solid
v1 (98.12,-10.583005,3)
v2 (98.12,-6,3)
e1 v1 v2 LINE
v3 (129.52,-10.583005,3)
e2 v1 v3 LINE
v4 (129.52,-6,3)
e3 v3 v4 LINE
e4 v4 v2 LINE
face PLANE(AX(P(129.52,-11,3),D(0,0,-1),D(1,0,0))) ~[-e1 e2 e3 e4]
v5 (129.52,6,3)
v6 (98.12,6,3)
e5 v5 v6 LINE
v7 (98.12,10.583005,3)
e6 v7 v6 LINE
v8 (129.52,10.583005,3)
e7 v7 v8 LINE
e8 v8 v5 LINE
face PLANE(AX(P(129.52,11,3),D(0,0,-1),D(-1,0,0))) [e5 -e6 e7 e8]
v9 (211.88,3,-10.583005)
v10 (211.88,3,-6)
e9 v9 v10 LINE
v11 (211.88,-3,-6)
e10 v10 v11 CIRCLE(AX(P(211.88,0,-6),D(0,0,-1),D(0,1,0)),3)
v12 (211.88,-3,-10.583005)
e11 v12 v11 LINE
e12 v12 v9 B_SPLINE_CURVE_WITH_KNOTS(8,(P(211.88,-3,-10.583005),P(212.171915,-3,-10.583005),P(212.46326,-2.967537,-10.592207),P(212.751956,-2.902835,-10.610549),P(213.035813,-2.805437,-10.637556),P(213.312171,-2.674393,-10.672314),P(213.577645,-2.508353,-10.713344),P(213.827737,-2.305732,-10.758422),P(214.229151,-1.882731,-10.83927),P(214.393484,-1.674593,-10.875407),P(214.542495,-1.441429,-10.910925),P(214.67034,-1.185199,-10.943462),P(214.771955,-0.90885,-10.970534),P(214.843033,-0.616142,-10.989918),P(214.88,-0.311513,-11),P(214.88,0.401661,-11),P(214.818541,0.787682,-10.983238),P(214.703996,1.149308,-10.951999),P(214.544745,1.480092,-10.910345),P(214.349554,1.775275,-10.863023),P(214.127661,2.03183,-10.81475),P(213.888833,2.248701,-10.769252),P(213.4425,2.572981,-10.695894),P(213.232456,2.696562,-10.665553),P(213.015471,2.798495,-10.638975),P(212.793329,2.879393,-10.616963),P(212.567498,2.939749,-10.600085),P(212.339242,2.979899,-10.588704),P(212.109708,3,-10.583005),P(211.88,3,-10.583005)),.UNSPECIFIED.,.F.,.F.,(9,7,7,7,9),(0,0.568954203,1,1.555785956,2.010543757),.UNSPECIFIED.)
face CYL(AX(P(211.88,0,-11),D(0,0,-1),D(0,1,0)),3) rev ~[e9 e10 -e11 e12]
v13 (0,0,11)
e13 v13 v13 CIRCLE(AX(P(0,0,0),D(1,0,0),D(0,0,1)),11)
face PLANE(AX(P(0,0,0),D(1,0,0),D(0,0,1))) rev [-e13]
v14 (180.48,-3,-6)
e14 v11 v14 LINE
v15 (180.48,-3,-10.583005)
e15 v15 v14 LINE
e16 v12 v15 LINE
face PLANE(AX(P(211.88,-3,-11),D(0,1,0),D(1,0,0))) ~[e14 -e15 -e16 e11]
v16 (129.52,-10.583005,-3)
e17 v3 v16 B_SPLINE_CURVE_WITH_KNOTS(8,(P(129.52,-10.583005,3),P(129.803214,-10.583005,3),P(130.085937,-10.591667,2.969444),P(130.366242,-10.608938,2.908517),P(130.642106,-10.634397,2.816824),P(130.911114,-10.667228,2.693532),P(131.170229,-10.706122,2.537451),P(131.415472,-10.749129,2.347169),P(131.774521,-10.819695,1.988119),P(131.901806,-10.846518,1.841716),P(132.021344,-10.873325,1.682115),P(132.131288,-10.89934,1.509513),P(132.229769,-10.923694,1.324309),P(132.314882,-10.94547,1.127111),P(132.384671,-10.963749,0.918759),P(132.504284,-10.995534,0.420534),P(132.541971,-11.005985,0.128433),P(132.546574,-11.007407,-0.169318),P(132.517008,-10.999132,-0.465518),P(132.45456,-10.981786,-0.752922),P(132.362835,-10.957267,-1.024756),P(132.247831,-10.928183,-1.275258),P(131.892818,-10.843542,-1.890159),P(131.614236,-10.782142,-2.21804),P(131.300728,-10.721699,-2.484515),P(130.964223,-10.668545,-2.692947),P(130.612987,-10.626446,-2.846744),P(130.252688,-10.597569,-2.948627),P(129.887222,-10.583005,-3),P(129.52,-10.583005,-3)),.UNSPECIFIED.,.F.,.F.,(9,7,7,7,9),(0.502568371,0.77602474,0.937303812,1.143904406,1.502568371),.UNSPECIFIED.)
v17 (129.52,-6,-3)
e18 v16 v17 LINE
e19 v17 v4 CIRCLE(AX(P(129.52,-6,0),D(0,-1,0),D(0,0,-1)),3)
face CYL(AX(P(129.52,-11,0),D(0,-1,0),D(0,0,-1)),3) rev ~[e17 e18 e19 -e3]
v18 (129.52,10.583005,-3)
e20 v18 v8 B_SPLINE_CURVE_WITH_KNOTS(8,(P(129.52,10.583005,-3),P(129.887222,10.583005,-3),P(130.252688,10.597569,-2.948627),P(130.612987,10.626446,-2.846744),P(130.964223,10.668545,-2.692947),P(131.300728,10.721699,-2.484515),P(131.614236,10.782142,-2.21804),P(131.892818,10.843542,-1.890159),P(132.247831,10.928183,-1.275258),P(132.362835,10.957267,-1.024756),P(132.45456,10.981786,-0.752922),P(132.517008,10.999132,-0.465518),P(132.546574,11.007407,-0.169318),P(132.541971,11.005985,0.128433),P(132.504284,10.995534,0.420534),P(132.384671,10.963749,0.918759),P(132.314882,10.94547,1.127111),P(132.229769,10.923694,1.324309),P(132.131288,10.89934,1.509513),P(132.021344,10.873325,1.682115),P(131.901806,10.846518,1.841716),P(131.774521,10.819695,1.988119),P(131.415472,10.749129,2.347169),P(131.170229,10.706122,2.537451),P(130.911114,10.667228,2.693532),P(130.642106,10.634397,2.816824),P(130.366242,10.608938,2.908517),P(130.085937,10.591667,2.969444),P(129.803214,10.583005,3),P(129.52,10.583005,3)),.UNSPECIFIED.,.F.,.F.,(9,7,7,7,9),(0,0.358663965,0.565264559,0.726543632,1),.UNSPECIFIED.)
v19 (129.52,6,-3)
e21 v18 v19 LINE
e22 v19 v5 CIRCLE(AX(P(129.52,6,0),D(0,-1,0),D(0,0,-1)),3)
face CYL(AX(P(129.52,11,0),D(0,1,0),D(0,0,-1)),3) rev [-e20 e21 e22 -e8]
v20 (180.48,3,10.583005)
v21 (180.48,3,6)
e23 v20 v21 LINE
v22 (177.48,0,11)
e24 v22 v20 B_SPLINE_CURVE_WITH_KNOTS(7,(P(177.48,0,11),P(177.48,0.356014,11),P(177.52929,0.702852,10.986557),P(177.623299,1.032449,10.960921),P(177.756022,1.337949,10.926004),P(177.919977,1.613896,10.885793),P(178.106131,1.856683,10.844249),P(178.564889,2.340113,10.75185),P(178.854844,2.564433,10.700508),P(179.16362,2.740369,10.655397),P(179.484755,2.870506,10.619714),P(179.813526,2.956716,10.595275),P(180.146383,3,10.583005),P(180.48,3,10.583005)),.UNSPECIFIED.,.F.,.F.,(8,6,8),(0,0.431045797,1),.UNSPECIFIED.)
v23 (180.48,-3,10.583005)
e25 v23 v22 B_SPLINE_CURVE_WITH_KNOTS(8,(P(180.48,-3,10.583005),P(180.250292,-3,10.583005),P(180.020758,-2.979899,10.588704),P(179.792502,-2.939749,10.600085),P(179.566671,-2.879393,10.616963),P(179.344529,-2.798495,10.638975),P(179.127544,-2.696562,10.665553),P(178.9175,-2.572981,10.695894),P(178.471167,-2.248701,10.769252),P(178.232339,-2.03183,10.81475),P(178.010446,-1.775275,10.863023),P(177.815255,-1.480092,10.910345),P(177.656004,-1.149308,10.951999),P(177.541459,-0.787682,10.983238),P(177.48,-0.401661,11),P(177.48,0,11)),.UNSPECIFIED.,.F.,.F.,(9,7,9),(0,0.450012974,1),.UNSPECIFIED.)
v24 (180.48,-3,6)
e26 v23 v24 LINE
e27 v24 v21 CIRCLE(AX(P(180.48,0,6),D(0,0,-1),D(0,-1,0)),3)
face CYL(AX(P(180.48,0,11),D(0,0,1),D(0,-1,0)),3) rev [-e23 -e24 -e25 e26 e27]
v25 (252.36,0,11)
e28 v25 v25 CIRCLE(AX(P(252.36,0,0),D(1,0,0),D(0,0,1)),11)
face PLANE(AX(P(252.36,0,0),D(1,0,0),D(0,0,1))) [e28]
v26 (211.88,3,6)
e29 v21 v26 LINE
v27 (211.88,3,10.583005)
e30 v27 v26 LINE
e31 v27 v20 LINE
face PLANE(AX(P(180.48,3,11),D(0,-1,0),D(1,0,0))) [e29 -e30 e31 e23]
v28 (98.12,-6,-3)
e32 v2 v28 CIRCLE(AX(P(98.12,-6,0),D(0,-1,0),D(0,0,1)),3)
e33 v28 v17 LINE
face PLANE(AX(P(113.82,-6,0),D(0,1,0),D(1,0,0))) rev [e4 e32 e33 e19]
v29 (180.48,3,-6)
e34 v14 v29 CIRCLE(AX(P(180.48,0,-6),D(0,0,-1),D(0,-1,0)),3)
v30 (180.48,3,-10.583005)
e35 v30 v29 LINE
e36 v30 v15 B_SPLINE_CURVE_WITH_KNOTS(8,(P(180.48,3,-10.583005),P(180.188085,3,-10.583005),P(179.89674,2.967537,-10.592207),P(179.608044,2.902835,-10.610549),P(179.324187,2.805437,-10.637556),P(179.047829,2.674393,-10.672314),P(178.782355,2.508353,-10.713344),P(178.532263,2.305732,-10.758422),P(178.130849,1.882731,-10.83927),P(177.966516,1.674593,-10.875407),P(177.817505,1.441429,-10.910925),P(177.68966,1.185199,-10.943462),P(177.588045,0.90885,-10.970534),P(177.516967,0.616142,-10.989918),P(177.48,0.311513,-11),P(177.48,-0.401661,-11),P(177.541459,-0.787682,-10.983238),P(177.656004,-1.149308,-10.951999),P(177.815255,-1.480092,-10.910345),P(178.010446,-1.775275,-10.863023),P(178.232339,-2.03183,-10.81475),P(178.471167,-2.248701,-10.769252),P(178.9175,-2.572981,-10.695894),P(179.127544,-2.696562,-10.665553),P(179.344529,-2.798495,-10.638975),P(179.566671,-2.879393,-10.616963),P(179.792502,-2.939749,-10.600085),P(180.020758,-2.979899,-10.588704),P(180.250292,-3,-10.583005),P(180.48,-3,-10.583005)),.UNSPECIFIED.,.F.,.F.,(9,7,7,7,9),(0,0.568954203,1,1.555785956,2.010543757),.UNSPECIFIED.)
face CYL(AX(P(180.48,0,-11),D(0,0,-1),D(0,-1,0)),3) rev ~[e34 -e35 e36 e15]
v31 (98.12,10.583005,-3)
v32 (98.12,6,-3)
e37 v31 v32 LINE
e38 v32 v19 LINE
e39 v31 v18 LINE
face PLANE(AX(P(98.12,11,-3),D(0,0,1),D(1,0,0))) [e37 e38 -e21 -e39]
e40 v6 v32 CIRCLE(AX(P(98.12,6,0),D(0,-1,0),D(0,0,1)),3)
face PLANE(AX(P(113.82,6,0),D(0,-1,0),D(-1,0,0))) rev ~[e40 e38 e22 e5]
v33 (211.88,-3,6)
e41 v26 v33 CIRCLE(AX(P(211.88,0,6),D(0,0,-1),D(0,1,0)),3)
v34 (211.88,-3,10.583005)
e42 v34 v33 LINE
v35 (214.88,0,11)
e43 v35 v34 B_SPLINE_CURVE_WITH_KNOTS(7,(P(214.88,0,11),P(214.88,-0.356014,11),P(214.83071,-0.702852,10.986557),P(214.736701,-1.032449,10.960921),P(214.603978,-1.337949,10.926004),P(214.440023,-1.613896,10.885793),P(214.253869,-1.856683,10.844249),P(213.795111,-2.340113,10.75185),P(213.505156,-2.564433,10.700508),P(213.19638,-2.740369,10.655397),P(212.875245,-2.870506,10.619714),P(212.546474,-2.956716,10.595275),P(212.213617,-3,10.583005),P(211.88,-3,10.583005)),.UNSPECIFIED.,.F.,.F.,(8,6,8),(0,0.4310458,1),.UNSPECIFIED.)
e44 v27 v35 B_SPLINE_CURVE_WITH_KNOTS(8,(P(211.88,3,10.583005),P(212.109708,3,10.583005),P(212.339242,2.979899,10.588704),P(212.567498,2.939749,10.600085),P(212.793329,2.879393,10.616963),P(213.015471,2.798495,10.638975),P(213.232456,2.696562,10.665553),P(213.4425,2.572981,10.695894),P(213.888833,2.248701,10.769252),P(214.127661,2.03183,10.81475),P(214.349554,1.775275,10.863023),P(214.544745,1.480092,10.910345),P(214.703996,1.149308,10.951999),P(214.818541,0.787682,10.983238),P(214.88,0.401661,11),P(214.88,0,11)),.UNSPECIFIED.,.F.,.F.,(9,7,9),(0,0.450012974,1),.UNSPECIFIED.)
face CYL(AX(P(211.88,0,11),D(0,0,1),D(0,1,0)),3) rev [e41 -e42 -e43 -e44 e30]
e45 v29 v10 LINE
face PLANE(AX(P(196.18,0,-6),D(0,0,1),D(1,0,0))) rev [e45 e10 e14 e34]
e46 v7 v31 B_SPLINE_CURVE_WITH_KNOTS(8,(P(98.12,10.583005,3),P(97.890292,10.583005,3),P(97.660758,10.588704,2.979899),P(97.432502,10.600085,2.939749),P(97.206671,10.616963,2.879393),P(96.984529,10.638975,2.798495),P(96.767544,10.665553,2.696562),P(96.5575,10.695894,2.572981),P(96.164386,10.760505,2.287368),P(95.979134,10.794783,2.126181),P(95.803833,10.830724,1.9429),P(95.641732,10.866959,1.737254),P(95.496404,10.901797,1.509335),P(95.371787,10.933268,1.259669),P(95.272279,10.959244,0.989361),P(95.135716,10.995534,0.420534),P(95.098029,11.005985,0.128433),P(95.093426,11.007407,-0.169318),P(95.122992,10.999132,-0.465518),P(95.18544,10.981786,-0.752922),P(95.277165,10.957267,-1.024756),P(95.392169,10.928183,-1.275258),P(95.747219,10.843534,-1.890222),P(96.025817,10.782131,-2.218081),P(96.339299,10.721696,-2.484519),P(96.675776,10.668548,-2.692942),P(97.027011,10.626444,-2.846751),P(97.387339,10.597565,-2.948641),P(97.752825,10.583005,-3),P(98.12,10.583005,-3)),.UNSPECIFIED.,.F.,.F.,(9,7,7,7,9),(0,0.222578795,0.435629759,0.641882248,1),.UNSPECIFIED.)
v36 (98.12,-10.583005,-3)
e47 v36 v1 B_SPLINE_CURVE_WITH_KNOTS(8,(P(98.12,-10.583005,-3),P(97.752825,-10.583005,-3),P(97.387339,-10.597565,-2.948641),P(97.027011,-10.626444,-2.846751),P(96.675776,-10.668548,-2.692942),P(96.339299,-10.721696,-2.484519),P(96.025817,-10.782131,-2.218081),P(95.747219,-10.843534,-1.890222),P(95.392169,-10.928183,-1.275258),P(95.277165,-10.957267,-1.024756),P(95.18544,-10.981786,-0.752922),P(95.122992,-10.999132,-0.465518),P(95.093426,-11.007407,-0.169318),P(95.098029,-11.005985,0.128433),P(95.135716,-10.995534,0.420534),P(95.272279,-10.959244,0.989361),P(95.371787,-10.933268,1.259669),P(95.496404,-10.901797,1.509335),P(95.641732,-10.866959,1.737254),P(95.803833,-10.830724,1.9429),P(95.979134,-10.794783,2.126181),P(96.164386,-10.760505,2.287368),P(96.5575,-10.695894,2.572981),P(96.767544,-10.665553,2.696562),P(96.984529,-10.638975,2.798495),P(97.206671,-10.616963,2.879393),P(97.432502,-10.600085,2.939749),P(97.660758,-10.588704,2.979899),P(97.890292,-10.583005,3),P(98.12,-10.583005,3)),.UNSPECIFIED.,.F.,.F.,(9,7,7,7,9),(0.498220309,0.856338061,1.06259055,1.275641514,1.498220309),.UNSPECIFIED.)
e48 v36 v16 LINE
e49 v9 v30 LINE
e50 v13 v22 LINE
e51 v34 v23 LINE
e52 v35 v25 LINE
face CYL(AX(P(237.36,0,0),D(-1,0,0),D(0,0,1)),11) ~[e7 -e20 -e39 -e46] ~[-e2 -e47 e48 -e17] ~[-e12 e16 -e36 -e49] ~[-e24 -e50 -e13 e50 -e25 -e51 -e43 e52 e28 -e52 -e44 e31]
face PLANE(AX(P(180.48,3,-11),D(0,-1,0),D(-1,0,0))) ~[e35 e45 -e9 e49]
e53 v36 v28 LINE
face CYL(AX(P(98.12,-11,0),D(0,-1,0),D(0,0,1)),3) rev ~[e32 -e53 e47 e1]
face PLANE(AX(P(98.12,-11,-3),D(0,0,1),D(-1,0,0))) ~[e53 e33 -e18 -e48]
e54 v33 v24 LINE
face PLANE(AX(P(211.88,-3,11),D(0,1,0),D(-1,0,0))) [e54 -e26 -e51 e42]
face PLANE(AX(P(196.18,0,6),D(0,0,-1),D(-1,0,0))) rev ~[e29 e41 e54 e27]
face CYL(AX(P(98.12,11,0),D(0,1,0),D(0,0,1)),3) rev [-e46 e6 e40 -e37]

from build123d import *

# Parameters (mm, degrees)
SKETCH1_W           = 140
SKETCH1_H           = 11
CUT_EXTRUDE1_DEPTH  = 5
SKETCH5_R           = 11
BOSS_EXTRUDE1_DEPTH = 97.36
CUT_EXTRUDE2_DEPTH  = 5
SKETCH8_R           = 11
BOSS_EXTRUDE2_DEPTH = 15


with BuildPart() as part:
    # Sketch1 → Revolve1 (revolve)
    with BuildSketch(Plane.XY, mode=Mode.PRIVATE) as revolve1_sk:
        with Locations((70, 5.5)):
            Rectangle(SKETCH1_W, SKETCH1_H)
    revolve(revolve1_sk.sketch.rotate(Axis((0, 0, 0), (1, 0, 0)), 90), axis=Axis((0, 0, 0), (1, 0, 0)))

    # Sketch4 → Cut-Extrude1 (cut)
    with BuildSketch(Plane(origin=(0, 11, 0), x_dir=(1, 0, 0), z_dir=(0, 1, 0))):
        with BuildLine():
            Line((129.52, -3), (98.12, -3))
            ThreePointArc((98.12, -3), (95.12, 0), (98.12, 3))
            Line((98.12, 3), (129.52, 3))
            ThreePointArc((129.52, 3), (132.52, 0), (129.52, -3))
        make_face()
    cut_extrude1 = extrude(amount=-CUT_EXTRUDE1_DEPTH, mode=Mode.SUBTRACT)

    # Mirror1: Cut-Extrude1 across plane
    add(cut_extrude1.mirror(Plane.ZX), mode=Mode.SUBTRACT)

    # Sketch5 → Boss-Extrude1 (add)
    with BuildSketch(Plane(origin=(140, 0, 0), x_dir=(0, 0, -1), z_dir=(1, 0, 0))):
        with Locations(Location((0, 0, 0), (0, 0, 180))):
            Circle(SKETCH5_R)
    extrude(amount=BOSS_EXTRUDE1_DEPTH)

    # Sketch7 → Cut-Extrude2 (cut)
    with BuildSketch(Plane.XY.offset(11)):
        with BuildLine():
            Line((211.88, -3), (180.48, -3))
            ThreePointArc((180.48, -3), (177.48, 0), (180.48, 3))
            Line((180.48, 3), (211.88, 3))
            ThreePointArc((211.88, 3), (214.88, 0), (211.88, -3))
        make_face()
    cut_extrude2 = extrude(amount=-CUT_EXTRUDE2_DEPTH, mode=Mode.SUBTRACT)

    # Mirror2: Cut-Extrude2 across plane
    add(cut_extrude2.mirror(Plane.XY), mode=Mode.SUBTRACT)

    # Sketch8 → Boss-Extrude2 (add)
    with BuildSketch(Plane(origin=(237.36, 0, 0), x_dir=(0, 0, -1), z_dir=(1, 0, 0))):
        with Locations(Location((0, 0, 0), (0, 0, 180))):
            Circle(SKETCH8_R)
    extrude(amount=BOSS_EXTRUDE2_DEPTH)


solid = part.part
